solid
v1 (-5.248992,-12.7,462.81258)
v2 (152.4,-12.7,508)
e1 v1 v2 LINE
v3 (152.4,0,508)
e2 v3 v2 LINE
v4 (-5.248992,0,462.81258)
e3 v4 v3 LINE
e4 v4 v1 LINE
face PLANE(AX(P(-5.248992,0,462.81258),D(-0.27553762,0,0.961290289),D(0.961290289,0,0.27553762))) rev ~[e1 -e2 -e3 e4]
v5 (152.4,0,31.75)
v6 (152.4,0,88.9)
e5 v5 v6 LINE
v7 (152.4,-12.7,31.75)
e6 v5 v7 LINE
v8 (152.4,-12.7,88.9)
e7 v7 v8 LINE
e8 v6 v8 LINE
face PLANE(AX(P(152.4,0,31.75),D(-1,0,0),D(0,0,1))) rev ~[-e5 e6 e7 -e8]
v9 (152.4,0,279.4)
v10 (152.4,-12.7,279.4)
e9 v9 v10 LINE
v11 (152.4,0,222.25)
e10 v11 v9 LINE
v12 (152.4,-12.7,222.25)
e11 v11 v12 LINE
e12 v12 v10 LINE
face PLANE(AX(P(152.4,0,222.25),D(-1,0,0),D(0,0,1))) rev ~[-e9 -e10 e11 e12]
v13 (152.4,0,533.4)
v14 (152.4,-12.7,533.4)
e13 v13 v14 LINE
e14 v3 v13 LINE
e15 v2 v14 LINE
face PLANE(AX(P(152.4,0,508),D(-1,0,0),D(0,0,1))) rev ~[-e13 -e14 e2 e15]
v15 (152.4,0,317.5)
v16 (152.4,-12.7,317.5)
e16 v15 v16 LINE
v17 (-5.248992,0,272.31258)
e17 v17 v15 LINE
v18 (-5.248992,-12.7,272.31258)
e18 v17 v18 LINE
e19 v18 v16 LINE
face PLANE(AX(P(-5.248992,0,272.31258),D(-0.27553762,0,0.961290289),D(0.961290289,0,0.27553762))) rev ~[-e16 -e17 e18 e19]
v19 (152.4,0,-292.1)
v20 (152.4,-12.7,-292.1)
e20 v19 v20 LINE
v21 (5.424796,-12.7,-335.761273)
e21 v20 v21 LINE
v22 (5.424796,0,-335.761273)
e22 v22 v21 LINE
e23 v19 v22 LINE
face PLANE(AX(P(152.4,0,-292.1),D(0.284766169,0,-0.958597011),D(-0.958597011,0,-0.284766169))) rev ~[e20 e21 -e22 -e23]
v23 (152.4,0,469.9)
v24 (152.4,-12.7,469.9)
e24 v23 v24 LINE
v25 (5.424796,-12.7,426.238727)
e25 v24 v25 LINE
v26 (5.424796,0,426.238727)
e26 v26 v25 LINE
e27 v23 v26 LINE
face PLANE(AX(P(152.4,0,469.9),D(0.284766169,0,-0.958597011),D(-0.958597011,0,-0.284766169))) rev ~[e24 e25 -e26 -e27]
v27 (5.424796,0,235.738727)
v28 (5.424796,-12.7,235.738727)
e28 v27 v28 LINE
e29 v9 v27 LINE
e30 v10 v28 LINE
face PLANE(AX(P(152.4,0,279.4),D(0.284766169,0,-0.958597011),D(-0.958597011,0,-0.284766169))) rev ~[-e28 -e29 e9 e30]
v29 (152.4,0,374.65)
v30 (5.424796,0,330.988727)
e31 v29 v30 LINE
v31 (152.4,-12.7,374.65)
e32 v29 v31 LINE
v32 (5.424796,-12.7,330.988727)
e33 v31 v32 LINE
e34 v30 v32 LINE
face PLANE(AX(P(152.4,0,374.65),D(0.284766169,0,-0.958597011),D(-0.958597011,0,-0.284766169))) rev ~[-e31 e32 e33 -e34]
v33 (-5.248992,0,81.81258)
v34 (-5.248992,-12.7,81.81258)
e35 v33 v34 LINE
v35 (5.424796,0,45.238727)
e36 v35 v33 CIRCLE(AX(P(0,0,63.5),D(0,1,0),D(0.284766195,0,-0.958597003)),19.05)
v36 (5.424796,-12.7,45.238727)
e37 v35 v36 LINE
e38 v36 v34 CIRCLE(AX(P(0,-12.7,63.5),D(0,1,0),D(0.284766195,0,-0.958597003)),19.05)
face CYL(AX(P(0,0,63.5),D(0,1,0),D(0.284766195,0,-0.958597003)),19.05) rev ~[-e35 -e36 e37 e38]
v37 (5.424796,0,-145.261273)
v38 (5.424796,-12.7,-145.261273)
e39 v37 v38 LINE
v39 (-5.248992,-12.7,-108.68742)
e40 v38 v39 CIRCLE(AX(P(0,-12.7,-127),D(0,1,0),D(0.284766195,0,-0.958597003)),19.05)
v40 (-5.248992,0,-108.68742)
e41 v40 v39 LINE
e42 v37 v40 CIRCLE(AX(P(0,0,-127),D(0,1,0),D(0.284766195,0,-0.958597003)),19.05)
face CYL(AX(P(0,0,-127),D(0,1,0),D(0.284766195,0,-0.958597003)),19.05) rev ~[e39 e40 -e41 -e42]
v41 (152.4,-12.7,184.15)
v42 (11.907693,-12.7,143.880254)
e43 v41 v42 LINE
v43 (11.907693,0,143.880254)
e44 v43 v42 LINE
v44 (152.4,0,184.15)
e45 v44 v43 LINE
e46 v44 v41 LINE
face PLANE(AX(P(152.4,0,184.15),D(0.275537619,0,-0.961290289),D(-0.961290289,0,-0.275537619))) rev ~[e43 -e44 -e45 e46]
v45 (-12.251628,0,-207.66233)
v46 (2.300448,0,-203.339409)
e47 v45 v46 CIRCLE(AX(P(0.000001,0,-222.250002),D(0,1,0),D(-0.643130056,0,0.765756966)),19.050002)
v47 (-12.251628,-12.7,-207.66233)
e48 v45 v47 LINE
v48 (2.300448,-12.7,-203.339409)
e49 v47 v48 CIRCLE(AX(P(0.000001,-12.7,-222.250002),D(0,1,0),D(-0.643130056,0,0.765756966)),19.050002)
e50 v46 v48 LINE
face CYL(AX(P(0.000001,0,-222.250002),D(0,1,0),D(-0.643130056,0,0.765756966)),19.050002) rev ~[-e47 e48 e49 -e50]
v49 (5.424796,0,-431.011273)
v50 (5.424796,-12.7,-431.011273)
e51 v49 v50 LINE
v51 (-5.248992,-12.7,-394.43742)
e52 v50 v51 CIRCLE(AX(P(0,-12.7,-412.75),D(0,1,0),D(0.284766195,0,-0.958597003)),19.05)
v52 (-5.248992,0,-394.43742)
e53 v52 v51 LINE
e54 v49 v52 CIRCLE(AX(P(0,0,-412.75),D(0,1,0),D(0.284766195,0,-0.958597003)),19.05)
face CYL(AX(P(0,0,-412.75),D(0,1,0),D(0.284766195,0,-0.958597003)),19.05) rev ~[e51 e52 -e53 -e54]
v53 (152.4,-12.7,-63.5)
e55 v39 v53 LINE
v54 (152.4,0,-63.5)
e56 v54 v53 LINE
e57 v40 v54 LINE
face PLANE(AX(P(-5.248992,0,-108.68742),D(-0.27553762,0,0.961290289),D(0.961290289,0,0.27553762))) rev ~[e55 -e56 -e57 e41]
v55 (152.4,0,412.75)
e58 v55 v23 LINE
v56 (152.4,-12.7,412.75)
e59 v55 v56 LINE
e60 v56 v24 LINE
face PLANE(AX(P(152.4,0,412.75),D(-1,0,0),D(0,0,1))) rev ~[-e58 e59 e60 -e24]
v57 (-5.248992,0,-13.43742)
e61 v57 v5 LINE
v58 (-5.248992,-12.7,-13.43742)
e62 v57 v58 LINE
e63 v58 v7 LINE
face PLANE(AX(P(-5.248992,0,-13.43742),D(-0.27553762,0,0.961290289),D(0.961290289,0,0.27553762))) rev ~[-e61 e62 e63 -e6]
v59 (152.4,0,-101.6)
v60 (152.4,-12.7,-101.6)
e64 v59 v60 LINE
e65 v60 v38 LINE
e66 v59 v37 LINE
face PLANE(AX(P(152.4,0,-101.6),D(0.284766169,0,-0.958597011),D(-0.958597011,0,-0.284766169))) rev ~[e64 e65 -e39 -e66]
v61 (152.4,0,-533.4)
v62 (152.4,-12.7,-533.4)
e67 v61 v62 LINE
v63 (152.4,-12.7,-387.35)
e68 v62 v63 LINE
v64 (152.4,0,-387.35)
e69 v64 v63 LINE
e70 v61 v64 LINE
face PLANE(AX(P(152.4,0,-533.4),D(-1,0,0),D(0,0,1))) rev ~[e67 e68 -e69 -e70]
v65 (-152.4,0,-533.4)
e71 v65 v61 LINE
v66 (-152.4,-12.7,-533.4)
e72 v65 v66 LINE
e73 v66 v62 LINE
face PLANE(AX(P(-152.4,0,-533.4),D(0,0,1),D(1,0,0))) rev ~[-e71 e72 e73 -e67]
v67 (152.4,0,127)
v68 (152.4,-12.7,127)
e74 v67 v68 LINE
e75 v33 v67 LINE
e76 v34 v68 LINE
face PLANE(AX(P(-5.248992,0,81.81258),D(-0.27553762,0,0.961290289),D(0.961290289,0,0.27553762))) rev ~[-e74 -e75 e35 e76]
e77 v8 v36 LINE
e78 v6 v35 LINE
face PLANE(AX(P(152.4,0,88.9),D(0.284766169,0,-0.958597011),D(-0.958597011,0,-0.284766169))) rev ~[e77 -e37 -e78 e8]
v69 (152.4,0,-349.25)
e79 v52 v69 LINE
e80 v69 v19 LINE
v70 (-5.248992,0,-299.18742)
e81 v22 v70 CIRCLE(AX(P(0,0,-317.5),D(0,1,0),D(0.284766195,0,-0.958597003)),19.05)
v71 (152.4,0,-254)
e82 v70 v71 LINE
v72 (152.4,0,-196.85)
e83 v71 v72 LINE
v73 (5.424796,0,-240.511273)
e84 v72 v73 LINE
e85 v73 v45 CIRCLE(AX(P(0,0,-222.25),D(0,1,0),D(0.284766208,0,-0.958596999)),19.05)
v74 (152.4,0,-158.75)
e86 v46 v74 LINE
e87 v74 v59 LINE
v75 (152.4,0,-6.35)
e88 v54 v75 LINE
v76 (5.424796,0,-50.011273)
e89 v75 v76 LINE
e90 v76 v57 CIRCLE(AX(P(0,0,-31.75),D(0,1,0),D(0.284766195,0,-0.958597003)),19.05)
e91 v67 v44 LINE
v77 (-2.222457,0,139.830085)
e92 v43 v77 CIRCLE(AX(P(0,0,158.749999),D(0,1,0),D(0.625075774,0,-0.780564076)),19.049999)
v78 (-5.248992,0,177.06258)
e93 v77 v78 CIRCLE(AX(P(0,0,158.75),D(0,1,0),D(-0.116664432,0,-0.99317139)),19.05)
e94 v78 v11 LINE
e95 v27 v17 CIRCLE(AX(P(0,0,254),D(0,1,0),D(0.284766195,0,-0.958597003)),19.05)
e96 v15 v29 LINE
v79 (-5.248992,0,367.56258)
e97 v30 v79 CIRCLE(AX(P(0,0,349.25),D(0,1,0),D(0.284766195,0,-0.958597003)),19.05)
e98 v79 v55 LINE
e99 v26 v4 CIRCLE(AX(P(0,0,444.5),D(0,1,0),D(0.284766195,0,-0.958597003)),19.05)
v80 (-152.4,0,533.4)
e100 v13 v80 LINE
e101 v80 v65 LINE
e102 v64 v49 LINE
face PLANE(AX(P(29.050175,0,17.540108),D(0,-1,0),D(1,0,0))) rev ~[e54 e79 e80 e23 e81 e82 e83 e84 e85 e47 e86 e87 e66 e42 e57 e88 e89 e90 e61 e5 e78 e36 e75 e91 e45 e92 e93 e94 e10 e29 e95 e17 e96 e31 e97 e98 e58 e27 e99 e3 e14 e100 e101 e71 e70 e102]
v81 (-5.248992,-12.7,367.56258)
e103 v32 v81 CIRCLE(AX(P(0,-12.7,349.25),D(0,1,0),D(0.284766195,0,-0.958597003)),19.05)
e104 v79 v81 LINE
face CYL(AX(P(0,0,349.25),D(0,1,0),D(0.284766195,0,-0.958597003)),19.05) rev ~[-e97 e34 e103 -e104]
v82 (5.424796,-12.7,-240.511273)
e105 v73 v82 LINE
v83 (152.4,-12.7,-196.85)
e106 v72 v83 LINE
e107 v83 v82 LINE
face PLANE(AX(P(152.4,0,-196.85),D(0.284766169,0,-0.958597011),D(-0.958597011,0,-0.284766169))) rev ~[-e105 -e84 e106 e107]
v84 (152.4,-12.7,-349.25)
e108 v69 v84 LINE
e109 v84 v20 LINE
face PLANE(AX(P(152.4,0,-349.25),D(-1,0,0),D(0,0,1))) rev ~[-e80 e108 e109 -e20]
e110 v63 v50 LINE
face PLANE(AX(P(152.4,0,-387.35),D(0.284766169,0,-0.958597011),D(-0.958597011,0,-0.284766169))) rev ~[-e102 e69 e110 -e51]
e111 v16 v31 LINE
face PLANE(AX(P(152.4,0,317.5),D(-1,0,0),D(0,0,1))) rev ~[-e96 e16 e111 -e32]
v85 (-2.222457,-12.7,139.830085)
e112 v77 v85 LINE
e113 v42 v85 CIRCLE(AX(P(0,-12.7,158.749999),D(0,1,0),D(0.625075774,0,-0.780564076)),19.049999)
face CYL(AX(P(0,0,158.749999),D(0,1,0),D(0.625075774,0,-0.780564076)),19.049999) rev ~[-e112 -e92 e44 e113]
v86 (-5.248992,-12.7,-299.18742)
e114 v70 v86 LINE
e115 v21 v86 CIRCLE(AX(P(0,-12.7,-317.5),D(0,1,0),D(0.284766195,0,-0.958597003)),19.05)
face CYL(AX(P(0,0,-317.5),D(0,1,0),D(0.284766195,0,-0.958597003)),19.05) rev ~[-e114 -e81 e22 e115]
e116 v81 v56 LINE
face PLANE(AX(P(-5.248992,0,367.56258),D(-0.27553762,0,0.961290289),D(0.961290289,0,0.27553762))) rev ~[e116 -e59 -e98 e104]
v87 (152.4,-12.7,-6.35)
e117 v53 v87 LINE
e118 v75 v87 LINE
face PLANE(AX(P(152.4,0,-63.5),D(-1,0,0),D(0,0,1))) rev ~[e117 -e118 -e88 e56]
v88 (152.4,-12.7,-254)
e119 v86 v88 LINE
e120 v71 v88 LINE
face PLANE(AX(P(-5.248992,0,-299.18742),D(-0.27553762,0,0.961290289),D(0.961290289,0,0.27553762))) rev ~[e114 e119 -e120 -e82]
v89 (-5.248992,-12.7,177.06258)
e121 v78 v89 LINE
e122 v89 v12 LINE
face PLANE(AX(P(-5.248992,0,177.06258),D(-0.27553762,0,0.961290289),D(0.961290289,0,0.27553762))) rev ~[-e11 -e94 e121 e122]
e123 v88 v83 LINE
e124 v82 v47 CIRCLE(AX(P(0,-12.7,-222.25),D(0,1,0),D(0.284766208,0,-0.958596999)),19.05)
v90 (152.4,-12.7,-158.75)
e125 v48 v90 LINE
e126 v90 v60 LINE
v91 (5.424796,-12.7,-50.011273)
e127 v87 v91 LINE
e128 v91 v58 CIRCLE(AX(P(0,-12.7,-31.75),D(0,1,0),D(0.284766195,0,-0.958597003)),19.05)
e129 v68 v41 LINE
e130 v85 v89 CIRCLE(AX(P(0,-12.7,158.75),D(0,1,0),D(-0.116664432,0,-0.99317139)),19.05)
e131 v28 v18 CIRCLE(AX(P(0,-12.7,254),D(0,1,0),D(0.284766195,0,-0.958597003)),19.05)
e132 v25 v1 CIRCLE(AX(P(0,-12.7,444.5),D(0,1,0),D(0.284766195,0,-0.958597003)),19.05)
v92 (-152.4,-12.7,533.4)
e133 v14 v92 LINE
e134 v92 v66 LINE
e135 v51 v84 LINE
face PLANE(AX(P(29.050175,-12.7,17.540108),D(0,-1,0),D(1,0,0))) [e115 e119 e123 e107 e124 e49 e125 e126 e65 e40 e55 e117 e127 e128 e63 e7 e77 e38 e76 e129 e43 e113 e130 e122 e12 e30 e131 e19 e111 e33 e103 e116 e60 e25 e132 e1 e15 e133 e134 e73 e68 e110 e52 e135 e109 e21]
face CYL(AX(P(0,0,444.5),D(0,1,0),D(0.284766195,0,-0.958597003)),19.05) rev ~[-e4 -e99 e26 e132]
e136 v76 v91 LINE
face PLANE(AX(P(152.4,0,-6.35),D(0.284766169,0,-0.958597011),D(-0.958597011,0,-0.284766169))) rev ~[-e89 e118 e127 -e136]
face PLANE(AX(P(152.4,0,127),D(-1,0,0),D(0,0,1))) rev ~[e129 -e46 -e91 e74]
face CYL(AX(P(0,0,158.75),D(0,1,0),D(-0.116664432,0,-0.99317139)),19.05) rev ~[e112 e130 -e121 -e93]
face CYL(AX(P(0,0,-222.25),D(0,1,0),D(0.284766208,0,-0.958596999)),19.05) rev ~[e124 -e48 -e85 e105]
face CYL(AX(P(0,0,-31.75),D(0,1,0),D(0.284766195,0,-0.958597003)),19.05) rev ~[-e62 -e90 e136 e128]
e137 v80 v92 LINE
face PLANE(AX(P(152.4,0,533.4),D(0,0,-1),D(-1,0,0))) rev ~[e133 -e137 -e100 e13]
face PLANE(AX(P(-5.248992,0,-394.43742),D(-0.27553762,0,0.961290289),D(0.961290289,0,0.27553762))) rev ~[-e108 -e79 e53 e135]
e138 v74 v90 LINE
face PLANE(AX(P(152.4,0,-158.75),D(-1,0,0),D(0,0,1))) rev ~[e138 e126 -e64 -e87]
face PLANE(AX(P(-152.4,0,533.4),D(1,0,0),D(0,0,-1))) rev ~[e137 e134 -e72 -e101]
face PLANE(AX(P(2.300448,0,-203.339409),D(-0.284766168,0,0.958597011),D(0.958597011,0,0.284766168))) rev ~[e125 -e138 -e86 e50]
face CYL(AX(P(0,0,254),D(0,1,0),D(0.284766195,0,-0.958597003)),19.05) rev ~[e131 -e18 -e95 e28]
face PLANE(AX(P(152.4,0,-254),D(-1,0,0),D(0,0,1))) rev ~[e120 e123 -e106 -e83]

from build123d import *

# Parameters (mm, degrees)
F1_DEPTH = 12.7


with BuildPart() as f1:
    # F0 (on Front) → F1 (new body)
    with BuildSketch(Plane.XZ):
        with BuildLine():
            Line((152.4, 508), (152.4, 533.4))
            Line((152.4, 533.4), (-152.4, 533.4))
            Line((-152.4, 533.4), (-152.4, -533.4))
            Line((-152.4, -533.4), (152.4, -533.4))
            Line((152.4, -533.4), (152.4, -387.35))
            Line((152.4, -387.35), (5.424796, -431.011273))
            ThreePointArc((5.424796, -431.011273), (-18.287138, -418.086955), (-5.248992, -394.43742))
            Line((-5.248992, -394.43742), (152.4, -349.25))
            Line((152.4, -349.25), (152.4, -292.1))
            Line((152.4, -292.1), (5.424796, -335.761273))
            ThreePointArc((5.424796, -335.761273), (-18.287138, -322.836955), (-5.248992, -299.18742))
            Line((-5.248992, -299.18742), (152.4, -254))
            Line((152.4, -254), (152.4, -196.85))
            Line((152.4, -196.85), (5.424796, -240.511273))
            ThreePointArc((5.424796, -240.511273), (-16.775419, -231.277061), (-12.251628, -207.66233))
            ThreePointArc((-12.251628, -207.66233), (-5.424796, -203.988727), (2.300448, -203.339409))
            Line((2.300448, -203.339409), (152.4, -158.75))
            Line((152.4, -158.75), (152.4, -101.6))
            Line((152.4, -101.6), (5.424796, -145.261273))
            ThreePointArc((5.424796, -145.261273), (-18.287138, -132.336955), (-5.248992, -108.68742))
            Line((-5.248992, -108.68742), (152.4, -63.5))
            Line((152.4, -63.5), (152.4, -6.35))
            Line((152.4, -6.35), (5.424796, -50.011273))
            ThreePointArc((5.424796, -50.011273), (-18.287138, -37.086955), (-5.248992, -13.43742))
            Line((-5.248992, -13.43742), (152.4, 31.75))
            Line((152.4, 31.75), (152.4, 88.9))
            Line((152.4, 88.9), (5.424796, 45.238727))
            ThreePointArc((5.424796, 45.238727), (-18.287138, 58.163045), (-5.248992, 81.81258))
            Line((-5.248992, 81.81258), (152.4, 127))
            Line((152.4, 127), (152.4, 184.15))
            Line((152.4, 184.15), (11.907693, 143.880254))
            ThreePointArc((11.907693, 143.880254), (5.248992, 140.43742), (-2.222457, 139.830085))
            ThreePointArc((-2.222457, 139.830085), (-18.987372, 157.206565), (-5.248992, 177.06258))
            Line((-5.248992, 177.06258), (152.4, 222.25))
            Line((152.4, 222.25), (152.4, 279.4))
            Line((152.4, 279.4), (5.424796, 235.738727))
            ThreePointArc((5.424796, 235.738727), (-18.287138, 248.663045), (-5.248992, 272.31258))
            Line((-5.248992, 272.31258), (152.4, 317.5))
            Line((152.4, 317.5), (152.4, 374.65))
            Line((152.4, 374.65), (5.424796, 330.988727))
            ThreePointArc((5.424796, 330.988727), (-18.287138, 343.913045), (-5.248992, 367.56258))
            Line((-5.248992, 367.56258), (152.4, 412.75))
            Line((152.4, 412.75), (152.4, 469.9))
            Line((152.4, 469.9), (5.424796, 426.238727))
            ThreePointArc((5.424796, 426.238727), (-18.287138, 439.163045), (-5.248992, 462.81258))
            Line((-5.248992, 462.81258), (152.4, 508))
        make_face()
    extrude(amount=F1_DEPTH)


solid = f1.part
